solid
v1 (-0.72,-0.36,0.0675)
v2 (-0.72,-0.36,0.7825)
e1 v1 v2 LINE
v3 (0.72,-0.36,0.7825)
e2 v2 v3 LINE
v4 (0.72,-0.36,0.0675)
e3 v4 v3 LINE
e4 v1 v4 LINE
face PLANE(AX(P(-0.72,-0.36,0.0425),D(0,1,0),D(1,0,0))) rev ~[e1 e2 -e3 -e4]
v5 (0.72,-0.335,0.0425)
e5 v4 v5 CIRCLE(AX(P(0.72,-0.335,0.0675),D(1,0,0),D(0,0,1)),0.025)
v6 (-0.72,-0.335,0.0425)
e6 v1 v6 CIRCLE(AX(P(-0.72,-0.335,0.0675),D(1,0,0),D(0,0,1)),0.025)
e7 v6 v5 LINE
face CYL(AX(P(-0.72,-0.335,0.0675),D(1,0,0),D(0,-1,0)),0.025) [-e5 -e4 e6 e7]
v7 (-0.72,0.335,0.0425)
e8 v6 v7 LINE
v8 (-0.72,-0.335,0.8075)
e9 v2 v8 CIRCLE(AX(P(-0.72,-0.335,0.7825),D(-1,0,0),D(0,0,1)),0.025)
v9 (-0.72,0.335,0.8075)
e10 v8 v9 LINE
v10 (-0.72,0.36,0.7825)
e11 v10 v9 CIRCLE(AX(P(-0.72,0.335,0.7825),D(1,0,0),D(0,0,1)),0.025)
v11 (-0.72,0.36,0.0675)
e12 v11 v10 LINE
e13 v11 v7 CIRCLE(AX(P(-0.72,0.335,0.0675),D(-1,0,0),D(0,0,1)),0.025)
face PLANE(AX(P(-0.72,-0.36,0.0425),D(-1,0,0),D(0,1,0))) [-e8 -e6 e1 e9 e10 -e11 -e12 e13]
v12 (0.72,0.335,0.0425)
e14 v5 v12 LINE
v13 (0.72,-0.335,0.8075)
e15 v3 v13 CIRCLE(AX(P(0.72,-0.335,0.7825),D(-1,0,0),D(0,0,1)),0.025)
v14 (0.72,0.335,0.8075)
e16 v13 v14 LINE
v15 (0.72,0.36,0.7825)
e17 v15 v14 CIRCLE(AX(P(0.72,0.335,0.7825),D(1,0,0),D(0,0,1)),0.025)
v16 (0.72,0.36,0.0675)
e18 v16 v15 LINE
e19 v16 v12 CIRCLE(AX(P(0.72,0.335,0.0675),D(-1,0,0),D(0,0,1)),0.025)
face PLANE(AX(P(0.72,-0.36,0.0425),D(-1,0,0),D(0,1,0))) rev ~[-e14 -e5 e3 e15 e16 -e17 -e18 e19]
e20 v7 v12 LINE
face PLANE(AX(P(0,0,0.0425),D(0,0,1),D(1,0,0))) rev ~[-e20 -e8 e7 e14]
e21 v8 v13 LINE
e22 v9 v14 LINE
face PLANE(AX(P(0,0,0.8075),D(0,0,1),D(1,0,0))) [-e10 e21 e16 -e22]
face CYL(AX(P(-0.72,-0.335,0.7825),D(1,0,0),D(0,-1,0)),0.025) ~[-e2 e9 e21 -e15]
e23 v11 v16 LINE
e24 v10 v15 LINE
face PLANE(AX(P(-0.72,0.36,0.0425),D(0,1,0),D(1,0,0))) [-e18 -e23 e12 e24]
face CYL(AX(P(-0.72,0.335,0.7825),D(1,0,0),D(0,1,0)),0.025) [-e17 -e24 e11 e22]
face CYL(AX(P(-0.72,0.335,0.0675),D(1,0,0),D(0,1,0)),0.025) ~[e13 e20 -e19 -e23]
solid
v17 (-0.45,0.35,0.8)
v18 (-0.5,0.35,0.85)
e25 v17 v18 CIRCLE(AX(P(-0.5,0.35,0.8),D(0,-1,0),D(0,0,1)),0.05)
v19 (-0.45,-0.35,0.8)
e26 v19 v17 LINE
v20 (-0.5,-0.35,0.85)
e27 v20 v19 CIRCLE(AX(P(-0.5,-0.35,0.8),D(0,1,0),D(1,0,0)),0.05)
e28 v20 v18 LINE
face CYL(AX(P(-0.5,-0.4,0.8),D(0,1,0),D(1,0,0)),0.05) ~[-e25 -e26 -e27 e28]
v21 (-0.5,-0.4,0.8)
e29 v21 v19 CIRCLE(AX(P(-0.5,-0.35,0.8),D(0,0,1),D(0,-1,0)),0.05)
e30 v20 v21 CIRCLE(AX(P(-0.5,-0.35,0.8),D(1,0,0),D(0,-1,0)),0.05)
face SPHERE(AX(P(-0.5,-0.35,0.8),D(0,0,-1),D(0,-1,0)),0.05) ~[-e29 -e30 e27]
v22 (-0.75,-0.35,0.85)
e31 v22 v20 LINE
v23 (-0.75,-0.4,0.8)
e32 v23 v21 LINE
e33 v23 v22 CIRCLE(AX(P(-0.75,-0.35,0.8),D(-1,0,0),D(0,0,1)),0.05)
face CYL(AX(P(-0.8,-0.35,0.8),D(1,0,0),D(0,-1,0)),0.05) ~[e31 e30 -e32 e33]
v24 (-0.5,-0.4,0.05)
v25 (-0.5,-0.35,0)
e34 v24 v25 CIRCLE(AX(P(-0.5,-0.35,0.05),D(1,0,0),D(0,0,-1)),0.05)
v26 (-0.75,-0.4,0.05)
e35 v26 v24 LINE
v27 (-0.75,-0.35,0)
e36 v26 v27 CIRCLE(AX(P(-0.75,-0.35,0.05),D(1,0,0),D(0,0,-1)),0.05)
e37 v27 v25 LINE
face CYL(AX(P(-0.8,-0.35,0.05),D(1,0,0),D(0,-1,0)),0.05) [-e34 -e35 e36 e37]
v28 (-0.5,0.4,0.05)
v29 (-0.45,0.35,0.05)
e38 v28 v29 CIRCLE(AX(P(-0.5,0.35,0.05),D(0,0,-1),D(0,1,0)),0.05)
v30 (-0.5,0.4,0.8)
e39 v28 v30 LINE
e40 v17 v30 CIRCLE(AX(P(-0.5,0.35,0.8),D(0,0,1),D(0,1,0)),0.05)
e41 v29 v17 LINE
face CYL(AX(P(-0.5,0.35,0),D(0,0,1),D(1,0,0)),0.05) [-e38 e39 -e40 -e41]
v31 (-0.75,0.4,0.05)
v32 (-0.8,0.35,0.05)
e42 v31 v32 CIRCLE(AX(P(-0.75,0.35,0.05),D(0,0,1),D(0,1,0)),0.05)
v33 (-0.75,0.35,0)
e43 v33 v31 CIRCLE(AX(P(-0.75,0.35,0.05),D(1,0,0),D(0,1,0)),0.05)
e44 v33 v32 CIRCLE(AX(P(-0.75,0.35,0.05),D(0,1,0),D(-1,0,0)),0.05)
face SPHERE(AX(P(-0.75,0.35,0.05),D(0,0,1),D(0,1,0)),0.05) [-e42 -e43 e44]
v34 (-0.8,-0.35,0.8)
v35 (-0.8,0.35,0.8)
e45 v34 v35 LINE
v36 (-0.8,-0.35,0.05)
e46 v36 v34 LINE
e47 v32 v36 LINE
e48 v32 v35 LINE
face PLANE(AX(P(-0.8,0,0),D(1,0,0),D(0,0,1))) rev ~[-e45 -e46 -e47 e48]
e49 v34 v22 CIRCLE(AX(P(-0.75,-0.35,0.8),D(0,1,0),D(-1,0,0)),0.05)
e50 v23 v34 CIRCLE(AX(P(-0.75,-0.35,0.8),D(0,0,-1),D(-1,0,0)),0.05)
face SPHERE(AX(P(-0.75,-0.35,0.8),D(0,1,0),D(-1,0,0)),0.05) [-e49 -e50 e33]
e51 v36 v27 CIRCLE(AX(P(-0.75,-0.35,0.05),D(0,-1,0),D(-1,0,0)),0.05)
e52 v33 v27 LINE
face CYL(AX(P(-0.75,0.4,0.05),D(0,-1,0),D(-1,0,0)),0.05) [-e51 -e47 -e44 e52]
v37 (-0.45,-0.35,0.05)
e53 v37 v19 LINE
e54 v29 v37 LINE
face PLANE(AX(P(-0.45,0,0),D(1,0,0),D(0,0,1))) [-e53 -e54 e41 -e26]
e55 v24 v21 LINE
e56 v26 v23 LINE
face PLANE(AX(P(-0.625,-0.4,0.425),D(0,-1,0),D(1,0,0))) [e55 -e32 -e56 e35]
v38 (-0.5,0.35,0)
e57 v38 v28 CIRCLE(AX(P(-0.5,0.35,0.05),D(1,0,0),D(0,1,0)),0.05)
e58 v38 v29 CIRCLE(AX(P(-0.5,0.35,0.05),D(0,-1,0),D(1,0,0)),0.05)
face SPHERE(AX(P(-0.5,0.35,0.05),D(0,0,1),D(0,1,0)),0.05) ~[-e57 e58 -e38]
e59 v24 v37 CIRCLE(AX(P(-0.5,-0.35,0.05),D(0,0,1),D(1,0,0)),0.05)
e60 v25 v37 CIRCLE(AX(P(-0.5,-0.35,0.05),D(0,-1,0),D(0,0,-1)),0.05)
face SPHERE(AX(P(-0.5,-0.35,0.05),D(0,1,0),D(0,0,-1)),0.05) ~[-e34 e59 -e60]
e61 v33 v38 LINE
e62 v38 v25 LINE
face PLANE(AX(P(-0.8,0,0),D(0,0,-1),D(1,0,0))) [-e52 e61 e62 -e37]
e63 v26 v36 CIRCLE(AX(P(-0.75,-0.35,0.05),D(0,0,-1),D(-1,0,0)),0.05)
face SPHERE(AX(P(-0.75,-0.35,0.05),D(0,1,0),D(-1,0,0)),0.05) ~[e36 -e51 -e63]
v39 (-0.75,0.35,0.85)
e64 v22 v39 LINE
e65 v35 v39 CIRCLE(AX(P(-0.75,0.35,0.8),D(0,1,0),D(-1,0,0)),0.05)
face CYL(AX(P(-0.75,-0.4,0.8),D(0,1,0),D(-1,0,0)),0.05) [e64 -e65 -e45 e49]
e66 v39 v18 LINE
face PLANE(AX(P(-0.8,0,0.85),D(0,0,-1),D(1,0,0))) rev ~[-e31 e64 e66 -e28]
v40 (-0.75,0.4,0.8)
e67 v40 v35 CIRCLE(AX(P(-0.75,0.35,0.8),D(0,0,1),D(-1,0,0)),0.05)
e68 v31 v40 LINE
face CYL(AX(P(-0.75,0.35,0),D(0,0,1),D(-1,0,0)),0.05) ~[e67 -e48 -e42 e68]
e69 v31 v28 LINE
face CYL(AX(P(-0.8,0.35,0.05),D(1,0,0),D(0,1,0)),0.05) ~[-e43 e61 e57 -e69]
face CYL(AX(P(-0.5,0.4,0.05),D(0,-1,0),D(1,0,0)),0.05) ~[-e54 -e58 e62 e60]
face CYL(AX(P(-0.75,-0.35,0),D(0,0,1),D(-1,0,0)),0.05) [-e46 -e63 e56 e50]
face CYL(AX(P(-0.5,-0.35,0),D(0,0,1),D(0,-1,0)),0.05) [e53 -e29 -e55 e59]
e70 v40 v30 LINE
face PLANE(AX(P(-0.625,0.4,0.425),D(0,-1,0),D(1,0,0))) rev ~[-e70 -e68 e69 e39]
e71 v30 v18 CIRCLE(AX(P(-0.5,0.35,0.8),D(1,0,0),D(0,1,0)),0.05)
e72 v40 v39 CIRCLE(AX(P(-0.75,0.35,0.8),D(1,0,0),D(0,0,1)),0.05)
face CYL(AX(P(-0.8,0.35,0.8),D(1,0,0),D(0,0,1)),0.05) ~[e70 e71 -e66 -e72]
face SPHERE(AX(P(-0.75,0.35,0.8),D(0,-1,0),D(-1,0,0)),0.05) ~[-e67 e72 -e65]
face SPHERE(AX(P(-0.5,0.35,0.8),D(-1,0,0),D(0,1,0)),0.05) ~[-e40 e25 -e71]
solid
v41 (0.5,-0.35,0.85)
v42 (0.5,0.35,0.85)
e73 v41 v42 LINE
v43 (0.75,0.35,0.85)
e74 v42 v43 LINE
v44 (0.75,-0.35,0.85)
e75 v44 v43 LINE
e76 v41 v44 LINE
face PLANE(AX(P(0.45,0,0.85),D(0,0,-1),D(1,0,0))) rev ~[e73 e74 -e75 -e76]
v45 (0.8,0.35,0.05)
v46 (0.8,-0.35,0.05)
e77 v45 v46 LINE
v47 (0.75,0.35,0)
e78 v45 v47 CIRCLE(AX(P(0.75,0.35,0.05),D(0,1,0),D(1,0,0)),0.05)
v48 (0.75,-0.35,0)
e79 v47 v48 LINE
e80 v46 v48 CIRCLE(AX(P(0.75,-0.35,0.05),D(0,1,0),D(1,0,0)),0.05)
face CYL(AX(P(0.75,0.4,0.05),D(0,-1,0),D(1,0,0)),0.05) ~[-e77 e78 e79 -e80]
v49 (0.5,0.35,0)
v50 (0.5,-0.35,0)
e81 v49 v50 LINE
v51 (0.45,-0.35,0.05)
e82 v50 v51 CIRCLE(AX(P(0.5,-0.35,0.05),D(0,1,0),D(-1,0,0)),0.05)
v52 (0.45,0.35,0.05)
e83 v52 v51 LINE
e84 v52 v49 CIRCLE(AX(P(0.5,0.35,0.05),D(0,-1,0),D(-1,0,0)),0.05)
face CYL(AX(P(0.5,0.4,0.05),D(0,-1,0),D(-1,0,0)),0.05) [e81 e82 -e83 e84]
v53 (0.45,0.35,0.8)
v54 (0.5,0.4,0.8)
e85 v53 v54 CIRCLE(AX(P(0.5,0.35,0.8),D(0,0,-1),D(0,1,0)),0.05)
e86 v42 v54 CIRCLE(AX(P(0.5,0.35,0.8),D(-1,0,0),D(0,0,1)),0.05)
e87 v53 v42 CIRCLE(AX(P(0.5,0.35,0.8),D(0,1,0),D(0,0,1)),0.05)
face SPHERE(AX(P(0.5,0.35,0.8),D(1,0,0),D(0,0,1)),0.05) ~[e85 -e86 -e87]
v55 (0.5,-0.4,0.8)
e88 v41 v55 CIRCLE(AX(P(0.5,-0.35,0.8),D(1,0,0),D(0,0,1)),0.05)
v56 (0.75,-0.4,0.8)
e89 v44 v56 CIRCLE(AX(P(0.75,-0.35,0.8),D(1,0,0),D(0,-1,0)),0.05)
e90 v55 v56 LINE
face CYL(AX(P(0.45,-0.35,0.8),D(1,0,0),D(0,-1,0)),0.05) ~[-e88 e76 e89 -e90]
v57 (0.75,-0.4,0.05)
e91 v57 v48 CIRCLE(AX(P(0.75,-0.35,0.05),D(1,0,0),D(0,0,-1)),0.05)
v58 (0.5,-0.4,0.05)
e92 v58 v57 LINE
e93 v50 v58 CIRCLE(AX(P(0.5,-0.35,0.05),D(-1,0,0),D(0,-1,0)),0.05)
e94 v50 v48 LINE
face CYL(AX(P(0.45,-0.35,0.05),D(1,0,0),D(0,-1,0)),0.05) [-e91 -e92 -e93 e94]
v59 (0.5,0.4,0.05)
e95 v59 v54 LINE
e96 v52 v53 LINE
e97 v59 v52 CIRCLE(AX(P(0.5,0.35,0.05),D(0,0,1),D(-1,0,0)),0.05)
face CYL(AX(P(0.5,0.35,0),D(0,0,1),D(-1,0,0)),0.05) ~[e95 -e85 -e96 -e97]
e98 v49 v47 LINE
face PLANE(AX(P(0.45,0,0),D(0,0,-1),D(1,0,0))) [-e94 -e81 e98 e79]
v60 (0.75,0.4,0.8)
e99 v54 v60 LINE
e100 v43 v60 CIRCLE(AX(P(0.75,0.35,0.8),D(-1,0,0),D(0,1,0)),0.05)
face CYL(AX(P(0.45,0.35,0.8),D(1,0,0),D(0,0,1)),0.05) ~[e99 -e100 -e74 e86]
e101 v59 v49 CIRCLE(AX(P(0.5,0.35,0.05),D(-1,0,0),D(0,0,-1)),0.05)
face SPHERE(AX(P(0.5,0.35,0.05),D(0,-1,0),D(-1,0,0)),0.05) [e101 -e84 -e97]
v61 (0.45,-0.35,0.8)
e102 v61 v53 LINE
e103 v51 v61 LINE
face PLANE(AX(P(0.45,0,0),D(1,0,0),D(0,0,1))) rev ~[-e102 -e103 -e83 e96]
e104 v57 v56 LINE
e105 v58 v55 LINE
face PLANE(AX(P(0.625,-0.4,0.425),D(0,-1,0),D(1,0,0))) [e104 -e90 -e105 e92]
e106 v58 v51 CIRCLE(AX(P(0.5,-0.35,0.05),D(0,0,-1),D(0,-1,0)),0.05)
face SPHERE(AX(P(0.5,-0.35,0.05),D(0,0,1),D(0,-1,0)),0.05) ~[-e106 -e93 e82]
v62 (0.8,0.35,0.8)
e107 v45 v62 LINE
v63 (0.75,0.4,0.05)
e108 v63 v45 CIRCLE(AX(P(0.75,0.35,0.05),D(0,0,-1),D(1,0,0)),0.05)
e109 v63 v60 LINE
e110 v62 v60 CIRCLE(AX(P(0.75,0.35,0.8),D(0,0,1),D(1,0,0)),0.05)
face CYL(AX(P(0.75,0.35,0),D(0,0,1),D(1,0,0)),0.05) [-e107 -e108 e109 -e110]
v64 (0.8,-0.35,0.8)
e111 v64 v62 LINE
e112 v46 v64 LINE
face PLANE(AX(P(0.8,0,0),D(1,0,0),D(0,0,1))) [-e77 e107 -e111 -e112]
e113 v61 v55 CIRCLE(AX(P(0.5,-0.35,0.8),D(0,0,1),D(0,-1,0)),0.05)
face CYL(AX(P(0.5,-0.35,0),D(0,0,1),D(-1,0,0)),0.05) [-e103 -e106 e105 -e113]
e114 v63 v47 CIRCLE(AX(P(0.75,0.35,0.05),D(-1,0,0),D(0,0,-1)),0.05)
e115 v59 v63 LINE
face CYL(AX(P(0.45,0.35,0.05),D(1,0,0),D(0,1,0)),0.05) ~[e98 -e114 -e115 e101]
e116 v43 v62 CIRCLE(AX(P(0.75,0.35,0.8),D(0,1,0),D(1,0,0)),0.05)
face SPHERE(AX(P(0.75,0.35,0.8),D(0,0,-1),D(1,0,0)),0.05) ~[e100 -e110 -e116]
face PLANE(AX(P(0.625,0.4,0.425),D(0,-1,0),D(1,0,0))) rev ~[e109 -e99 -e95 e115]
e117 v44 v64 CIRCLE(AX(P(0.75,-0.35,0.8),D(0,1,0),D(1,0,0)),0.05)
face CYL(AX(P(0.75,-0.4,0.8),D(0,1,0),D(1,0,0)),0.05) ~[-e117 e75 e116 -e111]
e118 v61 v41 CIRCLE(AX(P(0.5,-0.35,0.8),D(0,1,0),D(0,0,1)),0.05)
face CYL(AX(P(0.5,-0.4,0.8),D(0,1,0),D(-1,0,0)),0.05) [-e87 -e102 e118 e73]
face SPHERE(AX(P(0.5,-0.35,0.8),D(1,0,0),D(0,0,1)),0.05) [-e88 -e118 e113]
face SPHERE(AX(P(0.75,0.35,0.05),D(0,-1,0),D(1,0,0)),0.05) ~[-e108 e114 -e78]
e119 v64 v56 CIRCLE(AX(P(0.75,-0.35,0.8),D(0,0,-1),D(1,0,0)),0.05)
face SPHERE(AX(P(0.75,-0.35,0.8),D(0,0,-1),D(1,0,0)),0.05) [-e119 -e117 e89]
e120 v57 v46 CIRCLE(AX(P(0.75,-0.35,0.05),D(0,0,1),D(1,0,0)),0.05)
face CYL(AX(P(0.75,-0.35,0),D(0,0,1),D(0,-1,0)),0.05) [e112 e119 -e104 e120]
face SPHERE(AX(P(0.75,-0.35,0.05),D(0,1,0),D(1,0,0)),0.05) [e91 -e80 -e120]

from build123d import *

# Parameters (mm, degrees)
SKETCH_W     = 1.44
SKETCH_H     = 0.72
PAD_DEPTH    = 0.765
FILLET002_R  = 0.025
SKETCH001_W  = 0.35
SKETCH001_H  = 0.85
PAD001_DEPTH = 0.4
FILLET_R     = 0.05
SKETCH002_W  = 0.35
SKETCH002_H  = 0.85
PAD002_DEPTH = 0.4
FILLET001_R  = 0.05


with BuildPart() as body:
    # Sketch → Pad (new body)
    with BuildSketch(Plane.XY.offset(0.0425)):
        Rectangle(SKETCH_W, SKETCH_H)
    extrude(amount=PAD_DEPTH)

    # Fillet002
    fillet002_edges = [body.edges().sort_by_distance(p)[0] for p in [
        (0, -0.36, 0.8075),
        (0, 0.36, 0.8075),
        (0, -0.36, 0.0425),
        (0, 0.36, 0.0425),
    ]]
    fillet(fillet002_edges, radius=FILLET002_R)


with BuildPart() as body001:
    # Sketch001 → Pad001 (new body, symmetric)
    with BuildSketch(Plane.XZ):
        with Locations((-0.625, 0.425)):
            Rectangle(SKETCH001_W, SKETCH001_H)
    extrude(amount=PAD001_DEPTH, both=True)

    # Fillet
    fillet_edges = [body001.edges().sort_by_distance(p)[0] for p in [
        (-0.8, 0, 0.85),
        (-0.8, 0.4, 0.425),
        (-0.625, 0.4, 0.85),
        (-0.45, 0.4, 0.425),
        (-0.625, 0.4, 0),
        (-0.45, 0, 0),
        (-0.8, 0, 0),
        (-0.8, -0.4, 0.425),
        (-0.625, -0.4, 0),
        (-0.45, -0.4, 0.425),
        (-0.625, -0.4, 0.85),
        (-0.45, 0, 0.85),
    ]]
    fillet(fillet_edges, radius=FILLET_R)


with BuildPart() as body002:
    # Sketch002 → Pad002 (new body, symmetric)
    with BuildSketch(Plane.XZ):
        with Locations((0.625, 0.425)):
            Rectangle(SKETCH002_W, SKETCH002_H)
    extrude(amount=PAD002_DEPTH, both=True)

    # Fillet001
    fillet001_edges = [body002.edges().sort_by_distance(p)[0] for p in [
        (0.8, 0, 0),
        (0.8, 0.4, 0.425),
        (0.8, -0.4, 0.425),
        (0.8, 0, 0.85),
        (0.625, -0.4, 0.85),
        (0.625, 0.4, 0.85),
        (0.45, 0, 0.85),
        (0.45, -0.4, 0.425),
        (0.625, -0.4, 0),
        (0.45, 0, 0),
        (0.45, 0.4, 0.425),
        (0.625, 0.4, 0),
    ]]
    fillet(fillet001_edges, radius=FILLET001_R)


solid = Compound([body.part, body001.part, body002.part])
